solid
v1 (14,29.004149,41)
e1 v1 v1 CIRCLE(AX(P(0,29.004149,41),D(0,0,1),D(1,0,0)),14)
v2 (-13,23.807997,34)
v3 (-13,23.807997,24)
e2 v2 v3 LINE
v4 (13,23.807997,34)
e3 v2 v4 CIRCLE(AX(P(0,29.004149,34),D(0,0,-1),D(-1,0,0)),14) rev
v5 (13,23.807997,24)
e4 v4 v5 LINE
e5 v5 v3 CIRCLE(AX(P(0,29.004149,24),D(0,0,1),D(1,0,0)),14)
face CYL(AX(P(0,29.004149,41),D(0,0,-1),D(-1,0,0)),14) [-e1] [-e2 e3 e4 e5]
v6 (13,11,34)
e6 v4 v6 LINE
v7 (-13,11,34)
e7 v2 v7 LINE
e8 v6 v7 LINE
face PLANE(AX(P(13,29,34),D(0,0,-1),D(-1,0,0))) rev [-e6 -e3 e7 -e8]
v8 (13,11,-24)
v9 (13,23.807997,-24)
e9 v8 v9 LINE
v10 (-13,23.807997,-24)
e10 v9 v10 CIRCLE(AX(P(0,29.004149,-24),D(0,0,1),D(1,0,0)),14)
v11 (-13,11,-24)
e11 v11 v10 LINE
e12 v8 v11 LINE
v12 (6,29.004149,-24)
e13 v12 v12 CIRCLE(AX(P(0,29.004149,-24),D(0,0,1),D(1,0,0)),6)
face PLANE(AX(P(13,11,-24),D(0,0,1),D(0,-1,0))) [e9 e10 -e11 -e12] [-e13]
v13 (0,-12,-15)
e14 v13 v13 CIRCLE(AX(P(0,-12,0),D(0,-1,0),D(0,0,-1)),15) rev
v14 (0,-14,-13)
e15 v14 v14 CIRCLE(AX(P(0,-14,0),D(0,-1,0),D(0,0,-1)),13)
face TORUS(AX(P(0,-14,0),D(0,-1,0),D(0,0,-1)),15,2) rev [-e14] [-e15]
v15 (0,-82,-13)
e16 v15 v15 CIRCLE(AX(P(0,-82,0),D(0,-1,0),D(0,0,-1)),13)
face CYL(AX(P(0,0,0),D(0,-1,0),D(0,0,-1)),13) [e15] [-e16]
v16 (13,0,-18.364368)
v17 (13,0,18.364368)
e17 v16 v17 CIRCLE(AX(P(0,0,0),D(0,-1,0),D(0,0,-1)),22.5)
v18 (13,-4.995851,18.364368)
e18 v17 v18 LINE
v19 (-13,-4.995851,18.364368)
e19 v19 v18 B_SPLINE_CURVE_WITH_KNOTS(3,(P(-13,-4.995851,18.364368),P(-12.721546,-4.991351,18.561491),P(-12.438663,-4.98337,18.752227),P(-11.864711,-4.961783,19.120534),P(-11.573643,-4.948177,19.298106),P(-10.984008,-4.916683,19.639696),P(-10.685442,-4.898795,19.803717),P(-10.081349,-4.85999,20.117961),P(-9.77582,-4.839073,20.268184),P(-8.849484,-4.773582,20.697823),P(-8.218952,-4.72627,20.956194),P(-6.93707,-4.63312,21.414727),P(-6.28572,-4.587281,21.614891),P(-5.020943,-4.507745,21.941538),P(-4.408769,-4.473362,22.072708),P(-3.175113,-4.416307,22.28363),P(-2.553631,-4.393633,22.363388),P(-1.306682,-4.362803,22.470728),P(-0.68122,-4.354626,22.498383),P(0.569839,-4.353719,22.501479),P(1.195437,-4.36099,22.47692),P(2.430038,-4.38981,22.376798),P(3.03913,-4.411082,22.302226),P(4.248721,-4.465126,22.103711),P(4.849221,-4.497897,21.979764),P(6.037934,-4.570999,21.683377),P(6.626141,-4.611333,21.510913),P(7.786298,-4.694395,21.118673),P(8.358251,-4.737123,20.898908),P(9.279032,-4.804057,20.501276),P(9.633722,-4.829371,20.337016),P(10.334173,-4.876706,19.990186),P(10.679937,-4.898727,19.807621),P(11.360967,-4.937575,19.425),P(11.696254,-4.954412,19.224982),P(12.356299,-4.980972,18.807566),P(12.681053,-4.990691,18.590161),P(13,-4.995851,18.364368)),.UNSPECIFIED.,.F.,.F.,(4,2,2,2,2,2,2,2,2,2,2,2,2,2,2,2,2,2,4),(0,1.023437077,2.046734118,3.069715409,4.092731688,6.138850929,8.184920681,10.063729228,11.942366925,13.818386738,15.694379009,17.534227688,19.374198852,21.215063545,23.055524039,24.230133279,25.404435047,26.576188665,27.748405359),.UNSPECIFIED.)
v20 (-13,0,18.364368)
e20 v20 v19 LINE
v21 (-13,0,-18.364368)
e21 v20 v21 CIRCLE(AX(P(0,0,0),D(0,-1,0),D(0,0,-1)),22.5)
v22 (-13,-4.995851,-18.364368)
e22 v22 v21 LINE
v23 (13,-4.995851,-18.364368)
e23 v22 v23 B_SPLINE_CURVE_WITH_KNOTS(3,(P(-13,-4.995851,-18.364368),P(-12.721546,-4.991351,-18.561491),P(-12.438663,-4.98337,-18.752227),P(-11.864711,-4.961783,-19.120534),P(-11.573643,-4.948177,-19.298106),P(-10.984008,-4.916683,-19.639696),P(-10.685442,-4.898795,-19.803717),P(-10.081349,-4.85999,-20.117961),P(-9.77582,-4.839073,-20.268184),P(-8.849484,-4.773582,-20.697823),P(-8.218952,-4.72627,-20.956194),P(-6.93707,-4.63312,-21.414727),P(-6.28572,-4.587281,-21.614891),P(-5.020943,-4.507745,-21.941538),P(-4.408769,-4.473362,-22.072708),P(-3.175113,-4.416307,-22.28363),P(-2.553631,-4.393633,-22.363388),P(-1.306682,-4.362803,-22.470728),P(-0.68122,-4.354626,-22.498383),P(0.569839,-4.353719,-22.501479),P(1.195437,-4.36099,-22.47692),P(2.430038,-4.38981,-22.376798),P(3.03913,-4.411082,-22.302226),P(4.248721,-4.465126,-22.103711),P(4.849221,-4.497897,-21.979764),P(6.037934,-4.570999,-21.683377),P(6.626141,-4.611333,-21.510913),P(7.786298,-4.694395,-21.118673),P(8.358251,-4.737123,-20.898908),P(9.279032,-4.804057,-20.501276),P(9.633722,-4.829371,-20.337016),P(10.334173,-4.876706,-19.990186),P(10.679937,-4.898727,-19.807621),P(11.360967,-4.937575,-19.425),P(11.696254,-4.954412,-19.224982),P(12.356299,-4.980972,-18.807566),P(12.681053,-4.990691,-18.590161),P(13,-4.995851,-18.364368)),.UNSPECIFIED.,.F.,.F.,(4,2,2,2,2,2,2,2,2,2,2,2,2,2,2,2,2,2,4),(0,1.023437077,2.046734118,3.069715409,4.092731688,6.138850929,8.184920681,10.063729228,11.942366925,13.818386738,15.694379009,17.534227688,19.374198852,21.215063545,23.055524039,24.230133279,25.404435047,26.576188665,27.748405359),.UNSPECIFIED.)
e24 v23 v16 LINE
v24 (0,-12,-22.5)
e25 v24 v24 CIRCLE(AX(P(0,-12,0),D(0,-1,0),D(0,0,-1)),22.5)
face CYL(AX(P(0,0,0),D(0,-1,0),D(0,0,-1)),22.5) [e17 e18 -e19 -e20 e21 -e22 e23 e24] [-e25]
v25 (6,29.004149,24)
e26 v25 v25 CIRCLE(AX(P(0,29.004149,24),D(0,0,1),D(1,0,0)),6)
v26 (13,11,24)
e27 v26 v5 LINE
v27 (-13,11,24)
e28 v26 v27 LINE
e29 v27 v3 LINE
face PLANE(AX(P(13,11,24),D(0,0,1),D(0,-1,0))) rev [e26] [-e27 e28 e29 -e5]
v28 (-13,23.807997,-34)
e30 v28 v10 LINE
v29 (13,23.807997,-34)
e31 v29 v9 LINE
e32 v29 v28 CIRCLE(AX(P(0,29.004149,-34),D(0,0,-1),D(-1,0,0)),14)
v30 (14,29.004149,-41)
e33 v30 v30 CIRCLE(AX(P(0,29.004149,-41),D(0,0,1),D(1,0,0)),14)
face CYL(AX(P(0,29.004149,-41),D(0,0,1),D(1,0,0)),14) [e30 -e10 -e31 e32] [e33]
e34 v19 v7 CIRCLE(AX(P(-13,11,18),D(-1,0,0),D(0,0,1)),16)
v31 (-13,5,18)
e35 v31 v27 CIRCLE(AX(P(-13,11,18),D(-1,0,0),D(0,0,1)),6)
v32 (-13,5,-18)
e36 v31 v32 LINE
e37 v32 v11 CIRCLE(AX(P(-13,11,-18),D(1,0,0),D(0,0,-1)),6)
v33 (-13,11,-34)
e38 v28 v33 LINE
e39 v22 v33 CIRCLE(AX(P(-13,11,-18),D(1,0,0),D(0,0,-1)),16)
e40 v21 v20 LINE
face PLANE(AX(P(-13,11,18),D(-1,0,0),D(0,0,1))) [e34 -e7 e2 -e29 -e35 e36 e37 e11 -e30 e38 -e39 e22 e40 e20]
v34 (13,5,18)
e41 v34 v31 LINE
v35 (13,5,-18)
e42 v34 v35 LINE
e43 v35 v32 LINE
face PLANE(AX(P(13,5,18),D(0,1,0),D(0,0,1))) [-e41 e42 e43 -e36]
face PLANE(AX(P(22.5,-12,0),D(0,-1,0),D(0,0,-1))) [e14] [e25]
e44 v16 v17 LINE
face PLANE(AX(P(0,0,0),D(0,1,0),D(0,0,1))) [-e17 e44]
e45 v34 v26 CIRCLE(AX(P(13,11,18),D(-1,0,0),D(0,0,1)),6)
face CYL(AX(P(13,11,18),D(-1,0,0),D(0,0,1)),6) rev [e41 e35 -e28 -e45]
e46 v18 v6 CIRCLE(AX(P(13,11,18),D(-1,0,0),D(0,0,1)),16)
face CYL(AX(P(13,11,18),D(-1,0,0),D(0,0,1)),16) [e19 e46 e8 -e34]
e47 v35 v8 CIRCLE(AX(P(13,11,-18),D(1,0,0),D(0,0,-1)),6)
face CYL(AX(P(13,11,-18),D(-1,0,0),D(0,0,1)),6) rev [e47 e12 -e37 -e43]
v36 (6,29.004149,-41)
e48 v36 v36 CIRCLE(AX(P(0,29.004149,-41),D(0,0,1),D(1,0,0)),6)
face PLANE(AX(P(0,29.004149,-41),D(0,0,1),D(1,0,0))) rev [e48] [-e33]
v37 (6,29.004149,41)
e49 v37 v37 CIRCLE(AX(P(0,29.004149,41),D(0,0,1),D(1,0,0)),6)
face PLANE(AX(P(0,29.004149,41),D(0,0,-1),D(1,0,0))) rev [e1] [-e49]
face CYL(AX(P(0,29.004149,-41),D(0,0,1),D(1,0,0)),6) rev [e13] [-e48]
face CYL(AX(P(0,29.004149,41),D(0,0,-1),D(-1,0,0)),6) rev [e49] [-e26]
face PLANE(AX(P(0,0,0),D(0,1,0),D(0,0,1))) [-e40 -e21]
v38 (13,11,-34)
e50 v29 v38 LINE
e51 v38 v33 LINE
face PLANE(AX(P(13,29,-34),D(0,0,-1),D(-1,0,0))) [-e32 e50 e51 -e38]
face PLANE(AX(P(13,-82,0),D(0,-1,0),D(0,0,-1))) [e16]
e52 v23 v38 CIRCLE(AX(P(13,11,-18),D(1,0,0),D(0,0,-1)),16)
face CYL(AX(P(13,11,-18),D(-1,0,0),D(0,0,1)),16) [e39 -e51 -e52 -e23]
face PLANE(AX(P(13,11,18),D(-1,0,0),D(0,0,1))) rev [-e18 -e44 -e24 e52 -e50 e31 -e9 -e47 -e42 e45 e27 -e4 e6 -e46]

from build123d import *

# Parameters (mm, degrees)
BOSS_EXTRUDE1_DEPTH     = 13
SKETCH3_R               = 14
SKETCH3_R_2             = 6
BOSS_EXTRUDE2_DEPTH     = 17
CUT_EXTRUDE1_DEPTH      = 114.3809949
CUT_EXTRUDE1_DEPTH_BACK = 114.3809949
SKETCH4_R               = 6
FILLET1_R               = 2


with BuildPart() as part:
    # Sketch1 → Revolve1 (revolve)
    with BuildSketch(Plane.XY, mode=Mode.PRIVATE) as revolve1_sk:
        Polygon((0, 0), (22.5, 0), (22.5, -12), (13, -12), (13, -82), (0, -82), align=None)
    revolve(revolve1_sk.sketch.rotate(Axis((0, 0, 0), (0, 1, 0)), 90), axis=Axis((0, 0, 0), (0, 1, 0)))

    # Sketch2 → Boss-Extrude1 (add, symmetric)
    with BuildSketch(Plane(origin=(0, 0, 0), x_dir=(0, 0, -1), z_dir=(1, 0, 0))):
        with BuildLine():
            Line((-18, 5), (18, 5))
            ThreePointArc((18, 5), (22.242640687, 6.757359313), (24, 11))
            Line((24, 11), (24, 29))
            Line((24, 29), (34, 29))
            Line((34, 29), (34, 11))
            ThreePointArc((34, 11), (29.313708499, -0.313708499), (18, -5))
            Line((18, -5), (-18, -5))
            ThreePointArc((-18, -5), (-29.313708499, -0.313708499), (-34, 11))
            Line((-34, 11), (-34, 29))
            Line((-34, 29), (-24, 29))
            Line((-24, 29), (-24, 11))
            ThreePointArc((-24, 11), (-22.242640687, 6.757359313), (-18, 5))
        make_face()
    extrude(amount=BOSS_EXTRUDE1_DEPTH, both=True)

    # Sketch3 → Boss-Extrude2 (add)
    with BuildSketch(Plane.XY.offset(-24)):
        with Locations((0, 29.004149407)):
            Circle(SKETCH3_R)
        with Locations((0, 29.004149407)):
            Circle(SKETCH3_R_2, mode=Mode.SUBTRACT)
    boss_extrude2 = extrude(amount=-BOSS_EXTRUDE2_DEPTH)

    # Mirror1: Boss-Extrude2 across plane
    add(boss_extrude2.mirror(Plane.XY))

    # Sketch4 → Cut-Extrude1 (cut, two sides: drawn at the far end of the back side and taken through both)
    with BuildSketch(Plane(origin=(0, 0, -34), x_dir=(-1, 0, 0), z_dir=(0, 0, -1)).offset(-CUT_EXTRUDE1_DEPTH_BACK)):
        with Locations(Location((0, 29.004149407, 0), (0, 0, 180))):
            Circle(SKETCH4_R)
    extrude(amount=CUT_EXTRUDE1_DEPTH + CUT_EXTRUDE1_DEPTH_BACK, mode=Mode.SUBTRACT)

    # Fillet1
    fillet1_edges = [part.edges().sort_by_distance(p)[0] for p in [
        (0, -12, 13),
    ]]
    fillet(fillet1_edges, radius=FILLET1_R)


solid = part.part
